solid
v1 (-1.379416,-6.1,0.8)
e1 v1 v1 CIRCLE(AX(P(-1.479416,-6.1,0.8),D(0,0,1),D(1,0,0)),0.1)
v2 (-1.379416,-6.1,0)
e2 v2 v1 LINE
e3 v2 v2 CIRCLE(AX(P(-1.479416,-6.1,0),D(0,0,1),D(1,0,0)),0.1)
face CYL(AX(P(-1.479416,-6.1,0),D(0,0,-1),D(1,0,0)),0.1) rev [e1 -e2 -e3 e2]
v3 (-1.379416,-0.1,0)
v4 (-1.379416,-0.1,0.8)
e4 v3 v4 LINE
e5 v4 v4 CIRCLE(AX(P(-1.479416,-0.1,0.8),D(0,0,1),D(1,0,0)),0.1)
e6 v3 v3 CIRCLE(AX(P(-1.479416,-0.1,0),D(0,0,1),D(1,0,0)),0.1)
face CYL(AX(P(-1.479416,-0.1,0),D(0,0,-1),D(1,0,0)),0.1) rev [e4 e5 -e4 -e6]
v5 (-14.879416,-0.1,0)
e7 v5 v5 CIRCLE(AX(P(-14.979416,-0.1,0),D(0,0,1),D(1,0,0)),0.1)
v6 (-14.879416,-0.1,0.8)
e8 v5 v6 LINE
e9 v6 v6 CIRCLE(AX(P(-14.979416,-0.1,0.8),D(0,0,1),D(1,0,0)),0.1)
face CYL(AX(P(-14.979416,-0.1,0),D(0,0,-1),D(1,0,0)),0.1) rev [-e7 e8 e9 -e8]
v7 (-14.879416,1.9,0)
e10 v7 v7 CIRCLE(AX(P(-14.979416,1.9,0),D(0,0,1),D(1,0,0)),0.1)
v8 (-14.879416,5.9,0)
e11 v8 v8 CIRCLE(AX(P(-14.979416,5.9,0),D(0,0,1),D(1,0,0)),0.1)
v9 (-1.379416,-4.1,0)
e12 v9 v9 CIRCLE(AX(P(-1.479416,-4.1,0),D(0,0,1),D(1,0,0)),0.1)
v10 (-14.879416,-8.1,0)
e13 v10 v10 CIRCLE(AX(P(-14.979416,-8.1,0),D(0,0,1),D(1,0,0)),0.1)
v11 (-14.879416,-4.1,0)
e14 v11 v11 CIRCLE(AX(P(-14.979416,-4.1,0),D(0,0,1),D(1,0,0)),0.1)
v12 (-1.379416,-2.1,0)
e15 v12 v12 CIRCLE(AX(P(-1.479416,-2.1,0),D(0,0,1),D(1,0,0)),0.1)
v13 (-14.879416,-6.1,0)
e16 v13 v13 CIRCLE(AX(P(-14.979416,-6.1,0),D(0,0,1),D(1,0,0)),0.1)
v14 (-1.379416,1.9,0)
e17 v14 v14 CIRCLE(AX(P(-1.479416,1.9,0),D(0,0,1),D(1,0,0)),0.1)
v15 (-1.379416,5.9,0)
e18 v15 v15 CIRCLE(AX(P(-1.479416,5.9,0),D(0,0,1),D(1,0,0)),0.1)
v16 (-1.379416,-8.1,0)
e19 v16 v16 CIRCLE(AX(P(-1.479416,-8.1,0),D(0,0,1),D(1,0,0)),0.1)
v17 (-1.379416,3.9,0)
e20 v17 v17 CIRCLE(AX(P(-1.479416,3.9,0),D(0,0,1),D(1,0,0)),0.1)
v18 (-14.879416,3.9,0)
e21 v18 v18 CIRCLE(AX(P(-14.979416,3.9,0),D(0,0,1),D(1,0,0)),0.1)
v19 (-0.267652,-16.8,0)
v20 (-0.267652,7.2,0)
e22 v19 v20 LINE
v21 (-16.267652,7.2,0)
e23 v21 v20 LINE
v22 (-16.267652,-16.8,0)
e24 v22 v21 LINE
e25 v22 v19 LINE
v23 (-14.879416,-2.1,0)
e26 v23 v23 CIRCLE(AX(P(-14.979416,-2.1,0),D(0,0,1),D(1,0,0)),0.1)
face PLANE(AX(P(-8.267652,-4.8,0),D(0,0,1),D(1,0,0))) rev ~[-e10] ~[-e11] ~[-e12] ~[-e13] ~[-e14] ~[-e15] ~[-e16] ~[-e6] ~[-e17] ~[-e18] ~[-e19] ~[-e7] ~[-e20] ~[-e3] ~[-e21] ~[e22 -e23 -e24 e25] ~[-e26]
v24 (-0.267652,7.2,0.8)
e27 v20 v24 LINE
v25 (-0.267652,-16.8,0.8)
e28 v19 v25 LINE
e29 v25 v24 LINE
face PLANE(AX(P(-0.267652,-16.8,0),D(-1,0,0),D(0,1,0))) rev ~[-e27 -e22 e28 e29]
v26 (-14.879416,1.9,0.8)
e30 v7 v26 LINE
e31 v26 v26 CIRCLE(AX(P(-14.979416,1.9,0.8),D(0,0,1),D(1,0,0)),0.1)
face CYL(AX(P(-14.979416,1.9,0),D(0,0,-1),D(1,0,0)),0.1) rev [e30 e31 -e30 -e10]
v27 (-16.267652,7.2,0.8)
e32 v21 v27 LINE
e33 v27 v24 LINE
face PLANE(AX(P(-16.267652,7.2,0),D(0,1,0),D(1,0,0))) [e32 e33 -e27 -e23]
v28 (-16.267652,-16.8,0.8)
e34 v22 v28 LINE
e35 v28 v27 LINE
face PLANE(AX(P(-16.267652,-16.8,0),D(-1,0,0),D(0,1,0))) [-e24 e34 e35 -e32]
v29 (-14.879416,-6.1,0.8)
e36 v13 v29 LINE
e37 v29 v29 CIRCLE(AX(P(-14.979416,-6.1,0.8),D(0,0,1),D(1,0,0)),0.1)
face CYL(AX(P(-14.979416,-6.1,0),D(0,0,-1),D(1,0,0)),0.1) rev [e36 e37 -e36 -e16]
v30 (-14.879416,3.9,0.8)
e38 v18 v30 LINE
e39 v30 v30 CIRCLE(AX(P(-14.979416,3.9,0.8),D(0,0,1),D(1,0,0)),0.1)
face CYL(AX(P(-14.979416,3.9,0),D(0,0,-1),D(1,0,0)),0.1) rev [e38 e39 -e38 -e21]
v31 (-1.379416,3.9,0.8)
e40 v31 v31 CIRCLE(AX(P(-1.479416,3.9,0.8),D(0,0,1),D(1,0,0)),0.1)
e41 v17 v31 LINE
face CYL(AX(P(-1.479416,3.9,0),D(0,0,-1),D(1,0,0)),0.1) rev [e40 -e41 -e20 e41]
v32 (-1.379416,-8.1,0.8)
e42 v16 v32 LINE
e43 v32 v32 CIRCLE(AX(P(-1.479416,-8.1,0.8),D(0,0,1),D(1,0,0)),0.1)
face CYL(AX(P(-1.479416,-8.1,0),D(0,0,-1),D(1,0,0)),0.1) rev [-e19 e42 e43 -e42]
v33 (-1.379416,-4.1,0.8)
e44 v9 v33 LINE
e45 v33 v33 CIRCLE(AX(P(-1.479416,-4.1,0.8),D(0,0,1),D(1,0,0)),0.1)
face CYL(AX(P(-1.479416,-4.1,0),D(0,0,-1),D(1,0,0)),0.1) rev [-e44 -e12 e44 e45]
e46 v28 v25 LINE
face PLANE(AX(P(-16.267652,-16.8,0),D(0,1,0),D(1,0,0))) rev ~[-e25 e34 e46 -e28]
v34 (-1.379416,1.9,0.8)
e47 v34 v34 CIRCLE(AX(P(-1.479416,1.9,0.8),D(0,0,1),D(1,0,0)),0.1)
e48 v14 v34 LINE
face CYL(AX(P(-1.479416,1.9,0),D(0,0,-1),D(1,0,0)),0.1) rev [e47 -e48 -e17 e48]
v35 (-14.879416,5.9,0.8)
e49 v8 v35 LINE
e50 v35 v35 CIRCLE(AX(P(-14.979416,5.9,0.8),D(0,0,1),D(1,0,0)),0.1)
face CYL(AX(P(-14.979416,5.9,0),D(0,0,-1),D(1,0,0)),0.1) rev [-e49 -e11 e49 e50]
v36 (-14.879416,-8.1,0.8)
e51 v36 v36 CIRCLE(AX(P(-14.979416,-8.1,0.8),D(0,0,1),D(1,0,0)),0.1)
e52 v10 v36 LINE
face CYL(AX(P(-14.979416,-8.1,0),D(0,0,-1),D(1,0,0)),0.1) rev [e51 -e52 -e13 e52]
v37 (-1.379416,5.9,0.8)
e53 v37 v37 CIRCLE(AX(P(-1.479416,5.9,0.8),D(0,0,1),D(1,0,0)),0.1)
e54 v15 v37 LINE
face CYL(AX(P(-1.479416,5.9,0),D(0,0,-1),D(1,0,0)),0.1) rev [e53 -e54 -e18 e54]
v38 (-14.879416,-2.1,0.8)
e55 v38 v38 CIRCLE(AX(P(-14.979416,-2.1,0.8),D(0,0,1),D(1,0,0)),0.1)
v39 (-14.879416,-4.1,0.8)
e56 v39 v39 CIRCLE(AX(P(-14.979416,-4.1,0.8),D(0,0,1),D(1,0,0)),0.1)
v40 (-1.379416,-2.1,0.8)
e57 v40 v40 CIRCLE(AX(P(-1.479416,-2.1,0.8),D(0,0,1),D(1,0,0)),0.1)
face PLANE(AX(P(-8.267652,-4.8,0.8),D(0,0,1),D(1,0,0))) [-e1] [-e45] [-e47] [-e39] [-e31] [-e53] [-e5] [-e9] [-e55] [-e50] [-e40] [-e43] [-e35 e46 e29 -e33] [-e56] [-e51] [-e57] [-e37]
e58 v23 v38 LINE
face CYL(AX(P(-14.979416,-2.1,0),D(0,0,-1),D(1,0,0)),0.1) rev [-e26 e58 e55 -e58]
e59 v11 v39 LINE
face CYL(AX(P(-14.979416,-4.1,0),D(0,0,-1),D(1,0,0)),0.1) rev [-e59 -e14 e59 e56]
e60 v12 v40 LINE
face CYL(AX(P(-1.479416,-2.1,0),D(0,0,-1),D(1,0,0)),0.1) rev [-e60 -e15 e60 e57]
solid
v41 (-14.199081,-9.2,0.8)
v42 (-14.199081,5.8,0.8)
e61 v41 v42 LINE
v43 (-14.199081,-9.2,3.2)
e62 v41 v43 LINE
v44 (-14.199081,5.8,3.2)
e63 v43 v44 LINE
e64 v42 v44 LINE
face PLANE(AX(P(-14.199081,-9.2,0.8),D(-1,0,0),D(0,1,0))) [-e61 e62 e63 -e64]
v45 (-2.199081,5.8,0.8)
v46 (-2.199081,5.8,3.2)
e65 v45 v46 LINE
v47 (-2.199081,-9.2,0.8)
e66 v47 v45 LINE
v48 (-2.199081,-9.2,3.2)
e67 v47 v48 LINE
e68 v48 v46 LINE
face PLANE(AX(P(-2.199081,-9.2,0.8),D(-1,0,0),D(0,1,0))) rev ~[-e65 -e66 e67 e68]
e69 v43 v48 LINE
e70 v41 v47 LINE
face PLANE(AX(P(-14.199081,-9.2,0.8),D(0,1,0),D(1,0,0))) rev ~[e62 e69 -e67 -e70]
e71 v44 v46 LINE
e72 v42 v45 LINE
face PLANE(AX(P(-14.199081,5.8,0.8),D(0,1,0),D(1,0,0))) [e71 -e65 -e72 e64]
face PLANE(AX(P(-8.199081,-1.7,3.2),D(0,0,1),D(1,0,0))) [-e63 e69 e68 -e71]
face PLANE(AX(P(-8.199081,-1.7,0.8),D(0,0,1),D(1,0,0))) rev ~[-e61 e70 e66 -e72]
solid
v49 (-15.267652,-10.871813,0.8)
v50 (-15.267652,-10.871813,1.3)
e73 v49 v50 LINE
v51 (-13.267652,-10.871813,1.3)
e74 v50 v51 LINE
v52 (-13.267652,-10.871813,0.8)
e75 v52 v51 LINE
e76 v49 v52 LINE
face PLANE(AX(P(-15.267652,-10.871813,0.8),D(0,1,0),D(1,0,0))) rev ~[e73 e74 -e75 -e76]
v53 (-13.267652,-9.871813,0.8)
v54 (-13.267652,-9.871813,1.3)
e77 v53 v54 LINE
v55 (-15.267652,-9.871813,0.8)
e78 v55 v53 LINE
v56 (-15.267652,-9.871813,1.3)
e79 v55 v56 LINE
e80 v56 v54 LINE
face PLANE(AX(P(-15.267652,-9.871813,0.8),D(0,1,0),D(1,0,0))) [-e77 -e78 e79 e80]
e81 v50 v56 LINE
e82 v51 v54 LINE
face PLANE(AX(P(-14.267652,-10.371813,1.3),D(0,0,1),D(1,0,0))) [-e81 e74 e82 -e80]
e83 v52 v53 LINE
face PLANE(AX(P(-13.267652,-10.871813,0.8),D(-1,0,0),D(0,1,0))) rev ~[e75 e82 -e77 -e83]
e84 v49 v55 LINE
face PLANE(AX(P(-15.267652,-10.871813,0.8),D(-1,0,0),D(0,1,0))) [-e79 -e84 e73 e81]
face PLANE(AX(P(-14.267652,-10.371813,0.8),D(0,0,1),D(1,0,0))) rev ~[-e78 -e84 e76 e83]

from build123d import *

# Parameters (mm, degrees)
F0_W     = 16
F0_H     = 24
F0_R     = 0.1
F1_DEPTH = 0.8
F2_W     = 12
F2_H     = 15
F3_DEPTH = 2.4
F4_W     = 2
F4_H     = 1
F5_DEPTH = 0.5


with BuildPart() as f1:
    # F0 (on Top) → F1 (new body)
    with BuildSketch(Plane.XY):
        with Locations((-8.267652, -4.8)):
            Rectangle(F0_W, F0_H)
        with Locations((-14.979416, -8.1)):
            Circle(F0_R, mode=Mode.SUBTRACT)
        with Locations((-14.979416, -6.1)):
            Circle(F0_R, mode=Mode.SUBTRACT)
        with Locations((-1.479416, -8.1)):
            Circle(F0_R, mode=Mode.SUBTRACT)
        with Locations((-1.479416, -6.1)):
            Circle(F0_R, mode=Mode.SUBTRACT)
        with Locations((-14.979416, -4.1)):
            Circle(F0_R, mode=Mode.SUBTRACT)
        with Locations((-14.979416, -2.1)):
            Circle(F0_R, mode=Mode.SUBTRACT)
        with Locations((-14.979416, -0.1)):
            Circle(F0_R, mode=Mode.SUBTRACT)
        with Locations((-14.979416, 1.9)):
            Circle(F0_R, mode=Mode.SUBTRACT)
        with Locations((-14.979416, 3.9)):
            Circle(F0_R, mode=Mode.SUBTRACT)
        with Locations((-14.979416, 5.9)):
            Circle(F0_R, mode=Mode.SUBTRACT)
        with Locations((-1.479416, -4.1)):
            Circle(F0_R, mode=Mode.SUBTRACT)
        with Locations((-1.479416, -2.1)):
            Circle(F0_R, mode=Mode.SUBTRACT)
        with Locations((-1.479416, -0.1)):
            Circle(F0_R, mode=Mode.SUBTRACT)
        with Locations((-1.479416, 1.9)):
            Circle(F0_R, mode=Mode.SUBTRACT)
        with Locations((-1.479416, 3.9)):
            Circle(F0_R, mode=Mode.SUBTRACT)
        with Locations((-1.479416, 5.9)):
            Circle(F0_R, mode=Mode.SUBTRACT)
    extrude(amount=F1_DEPTH)


with BuildPart() as f3:
    # F2 (on face) → F3 (new body)
    with BuildSketch(Plane.XY.offset(0.8)):
        with Locations((-8.199081, -1.7)):
            Rectangle(F2_W, F2_H)
    extrude(amount=F3_DEPTH)


with BuildPart() as f5:
    # F4 (on face) → F5 (new body)
    with BuildSketch(Plane.XY.offset(0.8)):
        with Locations((-14.267652, -10.371813)):
            Rectangle(F4_W, F4_H)
    extrude(amount=F5_DEPTH)


solid = Compound([f1.part, f3.part, f5.part])
